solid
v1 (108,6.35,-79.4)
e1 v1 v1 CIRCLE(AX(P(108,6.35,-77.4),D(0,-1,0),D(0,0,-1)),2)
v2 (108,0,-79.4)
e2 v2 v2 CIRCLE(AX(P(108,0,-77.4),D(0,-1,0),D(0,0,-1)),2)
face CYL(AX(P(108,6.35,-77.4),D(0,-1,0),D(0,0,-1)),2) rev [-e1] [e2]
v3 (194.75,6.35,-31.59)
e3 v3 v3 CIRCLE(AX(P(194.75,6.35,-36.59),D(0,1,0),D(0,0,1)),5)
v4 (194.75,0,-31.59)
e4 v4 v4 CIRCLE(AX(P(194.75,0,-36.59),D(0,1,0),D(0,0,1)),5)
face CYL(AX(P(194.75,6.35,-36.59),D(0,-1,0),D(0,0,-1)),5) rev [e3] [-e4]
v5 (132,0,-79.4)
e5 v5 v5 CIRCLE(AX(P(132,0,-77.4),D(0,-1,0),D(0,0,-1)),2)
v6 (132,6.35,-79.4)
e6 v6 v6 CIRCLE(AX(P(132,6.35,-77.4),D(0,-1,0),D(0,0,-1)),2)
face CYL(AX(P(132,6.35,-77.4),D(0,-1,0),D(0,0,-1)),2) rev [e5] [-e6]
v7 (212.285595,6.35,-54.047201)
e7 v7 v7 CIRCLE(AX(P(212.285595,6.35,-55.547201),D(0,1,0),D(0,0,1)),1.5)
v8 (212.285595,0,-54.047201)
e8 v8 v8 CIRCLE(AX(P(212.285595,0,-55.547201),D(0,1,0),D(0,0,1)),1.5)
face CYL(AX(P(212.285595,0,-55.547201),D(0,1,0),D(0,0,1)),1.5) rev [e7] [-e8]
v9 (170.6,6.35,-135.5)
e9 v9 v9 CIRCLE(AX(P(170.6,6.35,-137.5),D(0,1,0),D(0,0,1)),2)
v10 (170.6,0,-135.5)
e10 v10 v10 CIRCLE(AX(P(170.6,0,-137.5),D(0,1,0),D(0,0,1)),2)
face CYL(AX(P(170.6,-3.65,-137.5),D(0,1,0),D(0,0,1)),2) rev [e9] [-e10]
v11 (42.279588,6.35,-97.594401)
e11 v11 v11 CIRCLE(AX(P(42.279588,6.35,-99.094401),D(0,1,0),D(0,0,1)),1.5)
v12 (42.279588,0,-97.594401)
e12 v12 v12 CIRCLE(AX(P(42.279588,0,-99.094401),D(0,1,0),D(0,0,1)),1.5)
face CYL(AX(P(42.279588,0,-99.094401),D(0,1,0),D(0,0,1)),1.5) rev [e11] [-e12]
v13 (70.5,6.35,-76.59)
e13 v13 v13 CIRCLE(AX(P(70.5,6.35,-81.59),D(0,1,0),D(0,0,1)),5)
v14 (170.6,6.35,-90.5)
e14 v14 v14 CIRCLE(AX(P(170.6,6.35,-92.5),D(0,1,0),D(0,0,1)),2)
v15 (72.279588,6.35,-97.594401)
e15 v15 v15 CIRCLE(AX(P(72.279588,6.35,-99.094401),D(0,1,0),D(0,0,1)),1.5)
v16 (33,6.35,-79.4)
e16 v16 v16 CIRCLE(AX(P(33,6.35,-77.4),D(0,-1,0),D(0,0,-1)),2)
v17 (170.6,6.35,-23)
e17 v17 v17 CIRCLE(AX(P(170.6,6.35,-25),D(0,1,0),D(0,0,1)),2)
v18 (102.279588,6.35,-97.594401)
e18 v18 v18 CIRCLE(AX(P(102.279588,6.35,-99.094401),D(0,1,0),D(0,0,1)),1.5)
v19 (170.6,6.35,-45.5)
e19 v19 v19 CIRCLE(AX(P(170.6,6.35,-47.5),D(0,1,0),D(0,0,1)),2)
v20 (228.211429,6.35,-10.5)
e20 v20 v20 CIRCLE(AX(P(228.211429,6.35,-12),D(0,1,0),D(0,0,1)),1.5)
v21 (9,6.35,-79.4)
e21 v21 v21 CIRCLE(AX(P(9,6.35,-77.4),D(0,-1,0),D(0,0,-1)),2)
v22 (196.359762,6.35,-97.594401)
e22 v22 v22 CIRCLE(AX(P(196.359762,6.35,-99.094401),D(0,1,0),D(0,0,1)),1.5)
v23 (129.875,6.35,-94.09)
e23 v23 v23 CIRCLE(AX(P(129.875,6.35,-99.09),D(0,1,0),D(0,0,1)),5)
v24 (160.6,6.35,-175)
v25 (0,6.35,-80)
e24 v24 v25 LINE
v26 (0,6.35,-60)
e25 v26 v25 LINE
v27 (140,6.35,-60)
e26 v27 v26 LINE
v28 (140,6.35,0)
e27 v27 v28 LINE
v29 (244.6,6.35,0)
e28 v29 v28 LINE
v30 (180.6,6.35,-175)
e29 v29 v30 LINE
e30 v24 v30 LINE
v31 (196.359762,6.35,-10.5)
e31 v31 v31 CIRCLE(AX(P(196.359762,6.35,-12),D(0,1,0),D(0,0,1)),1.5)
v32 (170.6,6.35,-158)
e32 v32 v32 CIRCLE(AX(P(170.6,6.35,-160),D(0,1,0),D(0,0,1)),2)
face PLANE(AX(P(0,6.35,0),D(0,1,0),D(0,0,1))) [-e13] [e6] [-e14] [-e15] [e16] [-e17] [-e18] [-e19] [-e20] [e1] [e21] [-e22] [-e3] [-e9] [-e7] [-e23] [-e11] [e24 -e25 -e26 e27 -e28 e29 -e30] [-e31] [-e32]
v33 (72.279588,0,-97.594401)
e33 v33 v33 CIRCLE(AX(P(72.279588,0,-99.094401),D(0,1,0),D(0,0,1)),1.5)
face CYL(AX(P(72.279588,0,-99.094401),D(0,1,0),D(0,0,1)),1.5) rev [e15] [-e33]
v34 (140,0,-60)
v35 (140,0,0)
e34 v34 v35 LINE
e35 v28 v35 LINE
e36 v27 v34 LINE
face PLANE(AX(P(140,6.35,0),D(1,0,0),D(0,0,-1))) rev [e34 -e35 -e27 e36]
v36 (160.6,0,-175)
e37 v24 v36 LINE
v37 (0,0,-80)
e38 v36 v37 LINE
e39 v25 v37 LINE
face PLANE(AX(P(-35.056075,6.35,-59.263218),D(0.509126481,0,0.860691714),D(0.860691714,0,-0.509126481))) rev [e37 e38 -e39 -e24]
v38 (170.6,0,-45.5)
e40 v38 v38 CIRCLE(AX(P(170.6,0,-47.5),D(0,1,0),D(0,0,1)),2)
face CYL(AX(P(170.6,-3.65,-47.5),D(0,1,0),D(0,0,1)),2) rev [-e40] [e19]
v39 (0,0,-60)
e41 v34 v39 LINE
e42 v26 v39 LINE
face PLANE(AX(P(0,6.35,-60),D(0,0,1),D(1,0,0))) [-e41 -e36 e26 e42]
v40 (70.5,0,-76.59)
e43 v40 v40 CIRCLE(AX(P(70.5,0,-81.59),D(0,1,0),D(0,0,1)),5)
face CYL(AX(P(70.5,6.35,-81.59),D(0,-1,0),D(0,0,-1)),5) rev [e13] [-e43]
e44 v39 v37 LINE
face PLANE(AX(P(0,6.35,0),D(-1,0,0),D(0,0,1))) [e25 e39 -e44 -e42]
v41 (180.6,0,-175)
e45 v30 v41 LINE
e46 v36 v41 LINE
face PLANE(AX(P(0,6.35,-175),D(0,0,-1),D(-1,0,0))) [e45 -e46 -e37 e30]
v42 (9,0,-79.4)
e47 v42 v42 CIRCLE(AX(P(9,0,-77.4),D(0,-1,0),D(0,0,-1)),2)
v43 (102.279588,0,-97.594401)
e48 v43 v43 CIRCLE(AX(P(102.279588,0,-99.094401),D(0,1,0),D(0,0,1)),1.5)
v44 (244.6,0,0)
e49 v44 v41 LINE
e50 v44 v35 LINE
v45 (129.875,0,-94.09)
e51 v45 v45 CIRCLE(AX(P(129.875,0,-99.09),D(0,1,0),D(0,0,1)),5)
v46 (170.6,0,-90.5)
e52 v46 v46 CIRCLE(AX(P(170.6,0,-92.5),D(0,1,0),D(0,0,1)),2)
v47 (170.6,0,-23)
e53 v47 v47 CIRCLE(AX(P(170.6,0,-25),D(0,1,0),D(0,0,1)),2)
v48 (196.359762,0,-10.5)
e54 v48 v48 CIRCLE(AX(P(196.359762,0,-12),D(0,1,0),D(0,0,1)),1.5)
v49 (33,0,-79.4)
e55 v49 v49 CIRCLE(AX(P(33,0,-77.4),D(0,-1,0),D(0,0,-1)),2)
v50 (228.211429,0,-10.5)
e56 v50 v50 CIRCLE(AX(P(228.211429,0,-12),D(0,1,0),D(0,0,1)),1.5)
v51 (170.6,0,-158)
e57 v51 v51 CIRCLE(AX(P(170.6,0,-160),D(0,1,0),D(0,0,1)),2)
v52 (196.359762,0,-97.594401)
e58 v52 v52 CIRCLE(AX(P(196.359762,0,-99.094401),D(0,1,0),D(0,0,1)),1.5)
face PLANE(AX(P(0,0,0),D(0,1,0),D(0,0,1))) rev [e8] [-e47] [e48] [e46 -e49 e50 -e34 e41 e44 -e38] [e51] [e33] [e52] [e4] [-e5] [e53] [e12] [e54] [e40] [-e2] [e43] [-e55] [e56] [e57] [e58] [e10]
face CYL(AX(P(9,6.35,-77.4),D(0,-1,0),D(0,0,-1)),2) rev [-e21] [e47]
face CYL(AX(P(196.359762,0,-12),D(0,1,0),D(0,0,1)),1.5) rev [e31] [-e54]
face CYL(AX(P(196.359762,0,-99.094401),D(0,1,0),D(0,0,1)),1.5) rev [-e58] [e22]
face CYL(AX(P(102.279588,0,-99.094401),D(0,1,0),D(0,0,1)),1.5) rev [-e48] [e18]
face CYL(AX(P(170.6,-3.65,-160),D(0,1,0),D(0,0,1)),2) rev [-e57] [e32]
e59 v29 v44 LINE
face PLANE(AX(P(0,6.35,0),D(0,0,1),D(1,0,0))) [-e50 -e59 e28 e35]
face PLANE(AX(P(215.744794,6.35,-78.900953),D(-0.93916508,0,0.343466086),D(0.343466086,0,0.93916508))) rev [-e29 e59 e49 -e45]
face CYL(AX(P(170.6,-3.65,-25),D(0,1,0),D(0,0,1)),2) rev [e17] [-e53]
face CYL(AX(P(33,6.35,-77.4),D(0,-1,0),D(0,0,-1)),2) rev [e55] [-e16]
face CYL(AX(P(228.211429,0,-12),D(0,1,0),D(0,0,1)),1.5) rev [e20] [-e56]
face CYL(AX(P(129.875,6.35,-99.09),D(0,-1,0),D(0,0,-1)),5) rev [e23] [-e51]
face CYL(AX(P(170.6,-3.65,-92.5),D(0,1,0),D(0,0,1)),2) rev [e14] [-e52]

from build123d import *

# Parameters (mm, degrees)
SKETCH1_R           = 5
BOSS_EXTRUDE2_DEPTH = 6.35
SKETCH3_R           = 1.5
CUT_EXTRUDE1_DEPTH  = 6.35
SKETCH4_R           = 2
CUT_EXTRUDE2_DEPTH  = 10
SKETCH6_R           = 2
CUT_EXTRUDE3_DEPTH  = 6.35


with BuildPart() as part:
    # Sketch1 → Boss-Extrude2 (new body)
    with BuildSketch(Plane(origin=(0, 0, 0), x_dir=(1, 0, 0), z_dir=(0, 1, 0))):
        Polygon((180.6, 175), (160.6, 175), (0, 80), (0, 60), (70.5, 60), (140, 60), (140, 0), (194.75, 0), (244.6, 0), align=None)
        with Locations(Location((194.75, 36.59, 0), (0, 0, 270))):
            Circle(SKETCH1_R, mode=Mode.SUBTRACT)
        with BuildLine():
            ThreePointArc((75.5, 81.59), (74.035533906, 78.054466094), (70.5, 76.59))
            ThreePointArc((70.5, 76.59), (66.964466094, 85.125533906), (75.5, 81.59))
        make_face(mode=Mode.SUBTRACT)
        with Locations(Location((129.875, 99.09, 0), (0, 0, 270))):
            Circle(SKETCH1_R, mode=Mode.SUBTRACT)
    extrude(amount=BOSS_EXTRUDE2_DEPTH)

    # Sketch3 → Cut-Extrude1 (cut)
    with BuildSketch(Plane(origin=(0, 6.35, 0), x_dir=(1, 0, 0), z_dir=(0, 1, 0))):
        with Locations(Location((42.27958751, 99.09440108, 0), (0, 0, 270))):
            Circle(SKETCH3_R)
        with Locations(Location((196.359761891, 12, 0), (0, 0, 270))):
            Circle(SKETCH3_R)
        with Locations(Location((228.211428571, 12, 0), (0, 0, 270))):
            Circle(SKETCH3_R)
        with Locations(Location((212.285595231, 55.54720054, 0), (0, 0, 270))):
            Circle(SKETCH3_R)
        with Locations(Location((196.359761891, 99.09440108, 0), (0, 0, 270))):
            Circle(SKETCH3_R)
        with Locations(Location((102.27958751, 99.09440108, 0), (0, 0, 270))):
            Circle(SKETCH3_R)
        with Locations(Location((72.27958751, 99.09440108, 0), (0, 0, 270))):
            Circle(SKETCH3_R)
    extrude(amount=-CUT_EXTRUDE1_DEPTH, mode=Mode.SUBTRACT)

    # Sketch4 → Cut-Extrude2 (cut)
    with BuildSketch(Plane(origin=(0, 6.35, 0), x_dir=(1, 0, 0), z_dir=(0, 1, 0))):
        with BuildLine():
            ThreePointArc((172.6, 160), (172.014213562, 161.414213562), (170.6, 162))
            Line((170.6, 162), (170.6, 160))
            Line((170.6, 160), (170.6, 158))
            ThreePointArc((170.6, 158), (172.014213562, 158.585786438), (172.6, 160))
        make_face()
        with BuildLine():
            Line((170.6, 160), (170.6, 162))
            ThreePointArc((170.6, 162), (168.6, 160), (170.6, 158))
            Line((170.6, 158), (170.6, 160))
        make_face()
        with Locations(Location((170.6, 137.5, 0), (0, 0, 270))):
            Circle(SKETCH4_R)
        with Locations(Location((170.6, 92.5, 0), (0, 0, 270))):
            Circle(SKETCH4_R)
        with Locations(Location((170.6, 47.5, 0), (0, 0, 270))):
            Circle(SKETCH4_R)
        with Locations(Location((170.6, 25, 0), (0, 0, 270))):
            Circle(SKETCH4_R)
    extrude(amount=-CUT_EXTRUDE2_DEPTH, mode=Mode.SUBTRACT)

    # Sketch6 → Cut-Extrude3 (cut)
    with BuildSketch(Plane(origin=(0, 0, 0), x_dir=(-1, 0, 0), z_dir=(0, -1, 0))):
        with Locations(Location((-132, 77.4, 0), (0, 0, 90))):
            Circle(SKETCH6_R)
        with Locations(Location((-108, 77.4, 0), (0, 0, 90))):
            Circle(SKETCH6_R)
        with Locations(Location((-33, 77.4, 0), (0, 0, 90))):
            Circle(SKETCH6_R)
        with Locations(Location((-9, 77.4, 0), (0, 0, 90))):
            Circle(SKETCH6_R)
    extrude(amount=-CUT_EXTRUDE3_DEPTH, mode=Mode.SUBTRACT)


solid = part.part
